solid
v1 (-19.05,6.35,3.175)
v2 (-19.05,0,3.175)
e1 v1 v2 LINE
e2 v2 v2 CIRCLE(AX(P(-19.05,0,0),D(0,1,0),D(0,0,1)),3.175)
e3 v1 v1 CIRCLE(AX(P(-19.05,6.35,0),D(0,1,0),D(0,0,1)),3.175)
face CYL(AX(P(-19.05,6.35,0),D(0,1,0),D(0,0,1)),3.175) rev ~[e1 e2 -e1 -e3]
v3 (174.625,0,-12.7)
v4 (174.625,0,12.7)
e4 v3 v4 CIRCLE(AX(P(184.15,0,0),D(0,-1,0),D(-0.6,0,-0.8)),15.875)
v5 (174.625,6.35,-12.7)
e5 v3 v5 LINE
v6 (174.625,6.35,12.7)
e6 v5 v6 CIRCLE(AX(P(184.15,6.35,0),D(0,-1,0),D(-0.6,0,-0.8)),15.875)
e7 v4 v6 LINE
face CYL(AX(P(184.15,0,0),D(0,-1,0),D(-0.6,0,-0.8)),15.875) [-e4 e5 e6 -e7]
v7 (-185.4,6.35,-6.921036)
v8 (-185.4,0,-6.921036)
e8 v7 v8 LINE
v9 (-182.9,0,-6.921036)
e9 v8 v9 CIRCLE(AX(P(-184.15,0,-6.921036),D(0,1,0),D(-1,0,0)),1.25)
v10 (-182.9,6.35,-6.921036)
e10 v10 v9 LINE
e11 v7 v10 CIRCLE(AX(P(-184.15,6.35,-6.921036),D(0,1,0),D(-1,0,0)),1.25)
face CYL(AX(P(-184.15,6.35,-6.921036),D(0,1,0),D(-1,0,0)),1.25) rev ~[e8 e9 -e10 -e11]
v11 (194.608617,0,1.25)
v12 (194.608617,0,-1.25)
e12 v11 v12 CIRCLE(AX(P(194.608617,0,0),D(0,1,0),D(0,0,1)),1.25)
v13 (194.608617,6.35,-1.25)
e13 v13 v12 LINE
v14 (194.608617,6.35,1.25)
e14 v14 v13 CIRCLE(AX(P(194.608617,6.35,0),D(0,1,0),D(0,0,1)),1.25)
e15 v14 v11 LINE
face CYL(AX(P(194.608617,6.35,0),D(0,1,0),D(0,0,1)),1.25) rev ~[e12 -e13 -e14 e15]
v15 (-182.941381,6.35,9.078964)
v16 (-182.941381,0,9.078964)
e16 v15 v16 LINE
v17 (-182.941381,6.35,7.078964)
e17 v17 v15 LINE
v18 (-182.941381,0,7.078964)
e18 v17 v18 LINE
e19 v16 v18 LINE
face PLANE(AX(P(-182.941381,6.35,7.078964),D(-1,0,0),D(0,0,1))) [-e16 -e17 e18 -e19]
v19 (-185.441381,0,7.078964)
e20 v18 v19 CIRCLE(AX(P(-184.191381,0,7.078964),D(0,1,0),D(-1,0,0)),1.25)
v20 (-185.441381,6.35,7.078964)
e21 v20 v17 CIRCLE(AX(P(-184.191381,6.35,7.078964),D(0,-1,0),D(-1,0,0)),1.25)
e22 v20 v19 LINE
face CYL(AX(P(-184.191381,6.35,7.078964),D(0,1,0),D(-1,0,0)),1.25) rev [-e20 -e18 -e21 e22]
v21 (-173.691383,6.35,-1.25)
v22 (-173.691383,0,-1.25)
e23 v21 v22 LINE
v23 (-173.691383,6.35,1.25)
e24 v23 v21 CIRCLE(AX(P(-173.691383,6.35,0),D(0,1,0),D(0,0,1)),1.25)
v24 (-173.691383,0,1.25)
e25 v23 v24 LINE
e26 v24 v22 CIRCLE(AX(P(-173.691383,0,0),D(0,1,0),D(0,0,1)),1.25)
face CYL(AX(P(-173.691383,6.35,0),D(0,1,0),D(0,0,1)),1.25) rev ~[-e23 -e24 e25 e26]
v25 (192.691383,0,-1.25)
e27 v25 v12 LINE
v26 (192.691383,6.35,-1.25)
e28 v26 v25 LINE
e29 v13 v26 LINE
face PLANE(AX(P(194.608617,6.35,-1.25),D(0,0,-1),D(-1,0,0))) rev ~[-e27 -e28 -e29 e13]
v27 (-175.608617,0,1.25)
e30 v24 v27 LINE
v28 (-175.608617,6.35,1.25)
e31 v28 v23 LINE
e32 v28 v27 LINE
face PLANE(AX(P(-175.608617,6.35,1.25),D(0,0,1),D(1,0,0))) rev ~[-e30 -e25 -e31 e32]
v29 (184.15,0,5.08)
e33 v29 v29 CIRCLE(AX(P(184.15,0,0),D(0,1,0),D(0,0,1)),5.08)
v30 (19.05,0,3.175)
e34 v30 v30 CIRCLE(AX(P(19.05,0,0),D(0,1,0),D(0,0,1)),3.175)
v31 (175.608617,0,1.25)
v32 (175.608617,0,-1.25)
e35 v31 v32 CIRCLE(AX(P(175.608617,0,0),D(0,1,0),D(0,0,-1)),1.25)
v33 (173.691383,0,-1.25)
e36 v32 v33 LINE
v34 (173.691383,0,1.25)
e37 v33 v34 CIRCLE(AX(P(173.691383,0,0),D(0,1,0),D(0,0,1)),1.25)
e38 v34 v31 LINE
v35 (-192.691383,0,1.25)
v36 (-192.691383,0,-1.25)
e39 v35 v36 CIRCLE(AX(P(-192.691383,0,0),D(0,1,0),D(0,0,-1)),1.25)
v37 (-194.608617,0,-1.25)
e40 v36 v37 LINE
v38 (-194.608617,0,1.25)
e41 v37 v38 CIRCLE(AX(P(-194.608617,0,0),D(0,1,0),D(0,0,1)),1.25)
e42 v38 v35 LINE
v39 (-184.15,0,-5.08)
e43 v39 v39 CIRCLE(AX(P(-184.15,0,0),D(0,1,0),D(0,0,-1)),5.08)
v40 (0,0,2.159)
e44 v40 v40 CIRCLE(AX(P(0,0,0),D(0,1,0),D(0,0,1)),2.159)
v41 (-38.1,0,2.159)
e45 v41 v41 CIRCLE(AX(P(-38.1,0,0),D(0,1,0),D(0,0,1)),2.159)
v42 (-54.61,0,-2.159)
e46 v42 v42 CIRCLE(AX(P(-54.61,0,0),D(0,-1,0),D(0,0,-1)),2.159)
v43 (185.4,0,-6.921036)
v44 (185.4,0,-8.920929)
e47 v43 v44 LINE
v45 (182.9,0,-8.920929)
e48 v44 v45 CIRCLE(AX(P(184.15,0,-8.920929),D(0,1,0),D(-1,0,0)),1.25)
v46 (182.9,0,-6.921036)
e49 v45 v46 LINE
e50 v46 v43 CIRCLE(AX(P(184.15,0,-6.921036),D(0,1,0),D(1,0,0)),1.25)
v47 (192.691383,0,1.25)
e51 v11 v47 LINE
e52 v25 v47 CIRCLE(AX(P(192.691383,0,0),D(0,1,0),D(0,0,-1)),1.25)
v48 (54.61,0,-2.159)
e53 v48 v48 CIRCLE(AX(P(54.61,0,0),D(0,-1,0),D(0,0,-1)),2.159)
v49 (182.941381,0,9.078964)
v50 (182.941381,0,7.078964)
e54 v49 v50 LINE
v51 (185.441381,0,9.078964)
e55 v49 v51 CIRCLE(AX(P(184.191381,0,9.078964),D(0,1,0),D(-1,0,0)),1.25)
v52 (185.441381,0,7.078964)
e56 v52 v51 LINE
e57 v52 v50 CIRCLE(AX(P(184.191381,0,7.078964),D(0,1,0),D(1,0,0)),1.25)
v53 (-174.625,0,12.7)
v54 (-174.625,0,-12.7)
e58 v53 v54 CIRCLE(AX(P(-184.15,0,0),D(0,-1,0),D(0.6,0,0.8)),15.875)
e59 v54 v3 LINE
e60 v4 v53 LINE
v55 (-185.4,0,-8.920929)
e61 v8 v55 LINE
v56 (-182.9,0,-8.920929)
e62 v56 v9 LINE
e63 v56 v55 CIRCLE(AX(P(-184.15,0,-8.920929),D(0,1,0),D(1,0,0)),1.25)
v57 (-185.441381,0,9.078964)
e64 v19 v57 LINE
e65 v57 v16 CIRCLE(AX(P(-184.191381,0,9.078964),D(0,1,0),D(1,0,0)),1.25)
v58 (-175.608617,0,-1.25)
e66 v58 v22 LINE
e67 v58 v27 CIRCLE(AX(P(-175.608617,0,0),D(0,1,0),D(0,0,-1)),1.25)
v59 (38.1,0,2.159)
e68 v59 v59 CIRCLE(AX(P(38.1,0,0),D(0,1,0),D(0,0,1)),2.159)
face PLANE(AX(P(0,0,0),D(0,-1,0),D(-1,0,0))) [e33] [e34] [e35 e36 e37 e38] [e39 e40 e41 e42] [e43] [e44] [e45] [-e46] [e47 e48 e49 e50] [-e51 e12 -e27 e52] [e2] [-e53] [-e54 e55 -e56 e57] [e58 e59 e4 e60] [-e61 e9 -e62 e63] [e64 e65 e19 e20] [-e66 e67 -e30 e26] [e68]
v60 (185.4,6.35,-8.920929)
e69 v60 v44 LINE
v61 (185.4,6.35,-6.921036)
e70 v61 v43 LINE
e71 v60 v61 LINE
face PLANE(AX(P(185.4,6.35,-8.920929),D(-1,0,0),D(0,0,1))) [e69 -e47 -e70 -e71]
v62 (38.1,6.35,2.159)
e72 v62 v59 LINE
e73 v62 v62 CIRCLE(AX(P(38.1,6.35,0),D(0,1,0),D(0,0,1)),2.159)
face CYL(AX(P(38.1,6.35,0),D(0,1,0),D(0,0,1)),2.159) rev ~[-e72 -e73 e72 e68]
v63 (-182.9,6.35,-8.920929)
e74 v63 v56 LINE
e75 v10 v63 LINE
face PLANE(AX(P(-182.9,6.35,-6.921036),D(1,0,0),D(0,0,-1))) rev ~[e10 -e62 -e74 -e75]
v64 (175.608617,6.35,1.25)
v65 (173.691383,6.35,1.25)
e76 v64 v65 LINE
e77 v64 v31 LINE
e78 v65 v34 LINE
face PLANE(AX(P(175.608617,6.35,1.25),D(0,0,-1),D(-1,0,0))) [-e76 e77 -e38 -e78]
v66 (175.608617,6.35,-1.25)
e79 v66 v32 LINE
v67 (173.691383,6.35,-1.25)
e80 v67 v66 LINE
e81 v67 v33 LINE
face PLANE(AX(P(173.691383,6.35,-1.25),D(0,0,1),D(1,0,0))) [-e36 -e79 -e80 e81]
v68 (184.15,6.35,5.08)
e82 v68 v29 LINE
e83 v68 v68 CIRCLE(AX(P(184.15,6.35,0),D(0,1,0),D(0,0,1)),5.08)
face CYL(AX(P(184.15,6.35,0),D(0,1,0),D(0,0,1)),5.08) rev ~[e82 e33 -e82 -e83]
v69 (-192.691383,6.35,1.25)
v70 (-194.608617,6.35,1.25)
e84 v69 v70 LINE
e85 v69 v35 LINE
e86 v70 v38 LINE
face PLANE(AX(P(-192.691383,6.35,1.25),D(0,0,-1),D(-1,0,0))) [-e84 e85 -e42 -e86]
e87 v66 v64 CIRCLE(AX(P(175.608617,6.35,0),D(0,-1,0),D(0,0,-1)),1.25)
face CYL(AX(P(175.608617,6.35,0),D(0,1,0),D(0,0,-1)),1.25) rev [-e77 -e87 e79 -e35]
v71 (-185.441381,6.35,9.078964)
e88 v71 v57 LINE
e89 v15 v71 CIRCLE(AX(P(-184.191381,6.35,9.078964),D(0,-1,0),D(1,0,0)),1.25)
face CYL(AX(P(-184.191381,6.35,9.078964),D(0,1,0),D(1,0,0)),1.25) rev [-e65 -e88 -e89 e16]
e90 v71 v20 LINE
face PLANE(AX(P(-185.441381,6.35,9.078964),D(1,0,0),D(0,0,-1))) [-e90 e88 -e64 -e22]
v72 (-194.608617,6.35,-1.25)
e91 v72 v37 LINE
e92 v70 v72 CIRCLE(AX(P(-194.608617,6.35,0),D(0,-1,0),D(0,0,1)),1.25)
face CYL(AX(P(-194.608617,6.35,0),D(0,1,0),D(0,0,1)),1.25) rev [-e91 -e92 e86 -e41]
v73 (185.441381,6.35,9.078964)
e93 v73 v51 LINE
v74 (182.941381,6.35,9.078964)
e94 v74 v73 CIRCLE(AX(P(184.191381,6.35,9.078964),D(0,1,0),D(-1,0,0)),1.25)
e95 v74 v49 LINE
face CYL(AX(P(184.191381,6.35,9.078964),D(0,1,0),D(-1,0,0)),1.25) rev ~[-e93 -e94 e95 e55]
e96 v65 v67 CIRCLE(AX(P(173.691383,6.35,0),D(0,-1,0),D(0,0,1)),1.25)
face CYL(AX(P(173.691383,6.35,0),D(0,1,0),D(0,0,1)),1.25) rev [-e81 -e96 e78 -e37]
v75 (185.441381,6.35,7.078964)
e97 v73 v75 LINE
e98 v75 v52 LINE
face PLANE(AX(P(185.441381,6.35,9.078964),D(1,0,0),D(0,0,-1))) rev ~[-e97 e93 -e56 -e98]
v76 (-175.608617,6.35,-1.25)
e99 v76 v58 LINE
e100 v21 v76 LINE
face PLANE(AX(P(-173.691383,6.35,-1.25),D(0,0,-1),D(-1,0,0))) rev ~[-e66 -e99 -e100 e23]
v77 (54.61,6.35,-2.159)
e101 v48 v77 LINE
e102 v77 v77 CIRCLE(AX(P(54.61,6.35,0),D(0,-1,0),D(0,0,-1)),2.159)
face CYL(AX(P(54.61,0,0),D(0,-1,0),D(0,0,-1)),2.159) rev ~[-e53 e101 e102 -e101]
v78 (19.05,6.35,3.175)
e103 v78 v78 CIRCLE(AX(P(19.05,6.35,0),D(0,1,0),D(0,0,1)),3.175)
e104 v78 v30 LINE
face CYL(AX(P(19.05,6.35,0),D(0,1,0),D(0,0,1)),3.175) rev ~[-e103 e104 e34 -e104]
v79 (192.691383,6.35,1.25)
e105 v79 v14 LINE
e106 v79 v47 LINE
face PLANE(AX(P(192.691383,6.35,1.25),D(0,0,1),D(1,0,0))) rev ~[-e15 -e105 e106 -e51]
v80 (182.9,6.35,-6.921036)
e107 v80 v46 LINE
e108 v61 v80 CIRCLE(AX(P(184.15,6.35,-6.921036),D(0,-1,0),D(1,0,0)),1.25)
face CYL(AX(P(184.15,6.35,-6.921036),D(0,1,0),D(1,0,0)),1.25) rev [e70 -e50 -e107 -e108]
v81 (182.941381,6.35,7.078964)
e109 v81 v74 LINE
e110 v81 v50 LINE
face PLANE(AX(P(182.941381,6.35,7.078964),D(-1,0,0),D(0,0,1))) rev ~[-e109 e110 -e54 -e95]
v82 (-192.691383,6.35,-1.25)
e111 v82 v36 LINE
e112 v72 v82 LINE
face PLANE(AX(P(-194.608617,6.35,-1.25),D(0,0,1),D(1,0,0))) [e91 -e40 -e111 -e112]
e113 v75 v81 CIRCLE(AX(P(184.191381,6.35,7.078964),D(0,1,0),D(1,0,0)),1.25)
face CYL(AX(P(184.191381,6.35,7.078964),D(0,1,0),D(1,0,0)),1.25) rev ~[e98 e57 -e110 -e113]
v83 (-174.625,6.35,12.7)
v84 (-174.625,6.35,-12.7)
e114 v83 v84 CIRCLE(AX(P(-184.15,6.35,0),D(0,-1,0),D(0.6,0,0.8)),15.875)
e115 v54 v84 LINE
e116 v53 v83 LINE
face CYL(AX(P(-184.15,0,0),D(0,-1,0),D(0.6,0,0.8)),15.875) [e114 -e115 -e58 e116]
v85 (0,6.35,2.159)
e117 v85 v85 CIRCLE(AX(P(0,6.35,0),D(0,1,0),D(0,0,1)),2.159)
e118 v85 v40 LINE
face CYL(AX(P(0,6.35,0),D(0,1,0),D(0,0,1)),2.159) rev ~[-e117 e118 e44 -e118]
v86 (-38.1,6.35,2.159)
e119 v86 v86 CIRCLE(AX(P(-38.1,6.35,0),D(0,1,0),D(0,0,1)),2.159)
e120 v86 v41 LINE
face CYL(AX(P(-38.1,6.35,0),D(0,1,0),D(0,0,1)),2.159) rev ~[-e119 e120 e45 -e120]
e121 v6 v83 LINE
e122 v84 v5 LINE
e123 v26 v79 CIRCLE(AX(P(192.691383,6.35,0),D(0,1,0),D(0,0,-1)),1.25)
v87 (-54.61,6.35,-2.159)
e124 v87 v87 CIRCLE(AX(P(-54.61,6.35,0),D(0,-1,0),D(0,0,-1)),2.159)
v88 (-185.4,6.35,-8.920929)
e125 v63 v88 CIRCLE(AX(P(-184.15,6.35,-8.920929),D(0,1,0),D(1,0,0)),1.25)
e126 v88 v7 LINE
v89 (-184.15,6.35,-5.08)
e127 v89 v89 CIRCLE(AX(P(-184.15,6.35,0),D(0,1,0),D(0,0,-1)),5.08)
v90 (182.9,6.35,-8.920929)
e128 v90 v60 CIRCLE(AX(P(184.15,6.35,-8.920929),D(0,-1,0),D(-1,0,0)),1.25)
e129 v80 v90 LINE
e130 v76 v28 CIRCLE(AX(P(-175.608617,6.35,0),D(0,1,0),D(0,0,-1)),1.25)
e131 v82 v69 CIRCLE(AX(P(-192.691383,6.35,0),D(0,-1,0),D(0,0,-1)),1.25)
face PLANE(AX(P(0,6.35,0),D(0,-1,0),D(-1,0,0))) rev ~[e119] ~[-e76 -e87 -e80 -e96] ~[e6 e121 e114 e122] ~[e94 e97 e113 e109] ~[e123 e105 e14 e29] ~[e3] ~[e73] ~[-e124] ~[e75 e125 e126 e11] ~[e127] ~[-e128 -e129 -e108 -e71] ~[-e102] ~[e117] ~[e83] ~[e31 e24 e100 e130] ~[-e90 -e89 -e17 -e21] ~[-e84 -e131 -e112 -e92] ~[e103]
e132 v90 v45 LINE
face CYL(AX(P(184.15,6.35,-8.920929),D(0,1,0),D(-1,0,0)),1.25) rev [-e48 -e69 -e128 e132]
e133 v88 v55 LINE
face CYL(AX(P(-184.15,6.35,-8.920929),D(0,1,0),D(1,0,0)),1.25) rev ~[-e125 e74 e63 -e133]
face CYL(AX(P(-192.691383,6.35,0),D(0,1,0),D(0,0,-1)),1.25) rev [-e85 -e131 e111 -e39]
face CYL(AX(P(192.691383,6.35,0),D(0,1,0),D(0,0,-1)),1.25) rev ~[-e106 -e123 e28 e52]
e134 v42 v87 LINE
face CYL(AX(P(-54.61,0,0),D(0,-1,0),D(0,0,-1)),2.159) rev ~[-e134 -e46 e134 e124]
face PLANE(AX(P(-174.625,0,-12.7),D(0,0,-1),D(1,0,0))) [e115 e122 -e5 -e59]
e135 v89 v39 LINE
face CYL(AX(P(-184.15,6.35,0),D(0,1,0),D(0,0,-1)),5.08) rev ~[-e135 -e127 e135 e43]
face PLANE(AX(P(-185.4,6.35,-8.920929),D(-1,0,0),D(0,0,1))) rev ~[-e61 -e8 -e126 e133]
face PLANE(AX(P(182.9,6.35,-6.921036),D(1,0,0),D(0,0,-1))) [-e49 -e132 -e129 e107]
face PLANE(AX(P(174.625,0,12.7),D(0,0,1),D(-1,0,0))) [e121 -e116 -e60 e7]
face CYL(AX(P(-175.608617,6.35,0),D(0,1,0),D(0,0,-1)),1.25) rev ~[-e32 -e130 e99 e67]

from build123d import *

# Parameters (mm, degrees)
BOSS_EXTRUDE1_DEPTH = 6.35
SKETCH2_R           = 5.08
CUT_EXTRUDE1_DEPTH  = 201.754423986
SKETCH3_R           = 2.159
CUT_EXTRUDE2_DEPTH  = 201.754423986
SKETCH4_R           = 3.175
CUT_EXTRUDE3_DEPTH  = 201.754423986
SKETCH6_R           = 2.159
CUT_EXTRUDE5_DEPTH  = 201.754423986


with BuildPart() as part:
    # Sketch1 → Boss-Extrude1 (new body)
    with BuildSketch(Plane(origin=(0, 0, 0), x_dir=(1, 0, 0), z_dir=(0, 1, 0))):
        with BuildLine():
            Line((-174.625, 12.7), (174.625, 12.7))
            ThreePointArc((174.625, 12.7), (200.025, 0), (174.625, -12.7))
            Line((174.625, -12.7), (-174.625, -12.7))
            ThreePointArc((-174.625, -12.7), (-200.025, 0), (-174.625, 12.7))
        make_face()
    extrude(amount=BOSS_EXTRUDE1_DEPTH)

    # Sketch2 → Cut-Extrude1 (cut, through all)
    with BuildSketch(Plane(origin=(0, 6.35, 0), x_dir=(1, 0, 0), z_dir=(0, 1, 0))):
        with Locations(Location((184.15, 0, 0), (0, 0, 270))):
            Circle(SKETCH2_R)
        with Locations(Location((-184.15, 0, 0), (0, 0, 90))):
            Circle(SKETCH2_R)
        with BuildLine():
            Line((173.691383345, 1.25), (175.608616655, 1.25))
            ThreePointArc((175.608616655, 1.25), (176.858616655, 0), (175.608616655, -1.25))
            Line((175.608616655, -1.25), (173.691383345, -1.25))
            ThreePointArc((173.691383345, -1.25), (172.441383345, 0), (173.691383345, 1.25))
        make_face()
        with BuildLine():
            Line((194.608616655, 1.25), (192.691383345, 1.25))
            ThreePointArc((192.691383345, 1.25), (191.441383345, 0), (192.691383345, -1.25))
            Line((192.691383345, -1.25), (194.608616655, -1.25))
            ThreePointArc((194.608616655, -1.25), (195.858616655, 0), (194.608616655, 1.25))
        make_face()
        with BuildLine():
            Line((185.4, 8.920928665), (185.4, 6.921035691))
            ThreePointArc((185.4, 6.921035691), (184.15, 5.671035691), (182.9, 6.921035691))
            Line((182.9, 6.921035691), (182.9, 8.920928665))
            ThreePointArc((182.9, 8.920928665), (184.15, 10.170928665), (185.4, 8.920928665))
        make_face()
        with BuildLine():
            Line((185.441381345, -9.078964309), (185.441381345, -7.078964309))
            ThreePointArc((185.441381345, -7.078964309), (184.191381345, -5.828964309), (182.941381345, -7.078964309))
            Line((182.941381345, -7.078964309), (182.941381345, -9.078964309))
            ThreePointArc((182.941381345, -9.078964309), (184.191381345, -10.328964309), (185.441381345, -9.078964309))
        make_face()
        with BuildLine():
            Line((-185.441381345, -9.078964309), (-185.441381345, -7.078964309))
            ThreePointArc((-185.441381345, -7.078964309), (-184.191381345, -5.828964309), (-182.941381345, -7.078964309))
            Line((-182.941381345, -7.078964309), (-182.941381345, -9.078964309))
            ThreePointArc((-182.941381345, -9.078964309), (-184.191381345, -10.328964309), (-185.441381345, -9.078964309))
        make_face()
        with BuildLine():
            Line((-185.4, 8.920928665), (-185.4, 6.921035691))
            ThreePointArc((-185.4, 6.921035691), (-184.15, 5.671035691), (-182.9, 6.921035691))
            Line((-182.9, 6.921035691), (-182.9, 8.920928665))
            ThreePointArc((-182.9, 8.920928665), (-184.15, 10.170928665), (-185.4, 8.920928665))
        make_face()
        with BuildLine():
            Line((-194.608616655, 1.25), (-192.691383345, 1.25))
            ThreePointArc((-192.691383345, 1.25), (-191.441383345, 0), (-192.691383345, -1.25))
            Line((-192.691383345, -1.25), (-194.608616655, -1.25))
            ThreePointArc((-194.608616655, -1.25), (-195.858616655, 0), (-194.608616655, 1.25))
        make_face()
        with BuildLine():
            Line((-173.691383345, 1.25), (-175.608616655, 1.25))
            ThreePointArc((-175.608616655, 1.25), (-176.858616655, 0), (-175.608616655, -1.25))
            Line((-175.608616655, -1.25), (-173.691383345, -1.25))
            ThreePointArc((-173.691383345, -1.25), (-172.441383345, 0), (-173.691383345, 1.25))
        make_face()
    extrude(amount=-CUT_EXTRUDE1_DEPTH, mode=Mode.SUBTRACT)

    # Sketch3 → Cut-Extrude2 (cut, through all)
    with BuildSketch(Plane(origin=(0, 6.35, 0), x_dir=(1, 0, 0), z_dir=(0, 1, 0))):
        with Locations(Location((0, 0, 0), (0, 0, 270))):
            Circle(SKETCH3_R)
        with Locations(Location((38.1, 0, 0), (0, 0, 270))):
            Circle(SKETCH3_R)
        with Locations(Location((-38.1, 0, 0), (0, 0, 270))):
            Circle(SKETCH3_R)
    extrude(amount=-CUT_EXTRUDE2_DEPTH, mode=Mode.SUBTRACT)

    # Sketch4 → Cut-Extrude3 (cut, through all)
    with BuildSketch(Plane(origin=(0, 6.35, 0), x_dir=(1, 0, 0), z_dir=(0, 1, 0))):
        with Locations(Location((-19.05, 0, 0), (0, 0, 270))):
            Circle(SKETCH4_R)
        with Locations(Location((19.05, 0, 0), (0, 0, 270))):
            Circle(SKETCH4_R)
    extrude(amount=-CUT_EXTRUDE3_DEPTH, mode=Mode.SUBTRACT)

    # Sketch6 → Cut-Extrude5 (cut, through all)
    with BuildSketch(Plane(origin=(0, 0, 0), x_dir=(-1, 0, 0), z_dir=(0, -1, 0))):
        with Locations(Location((54.61, 1.2e-08, 0), (0, 0, 90))):
            Circle(SKETCH6_R)
        with Locations(Location((-54.61, 0, 0), (0, 0, 90))):
            Circle(SKETCH6_R)
    extrude(amount=-CUT_EXTRUDE5_DEPTH, mode=Mode.SUBTRACT)


solid = part.part
